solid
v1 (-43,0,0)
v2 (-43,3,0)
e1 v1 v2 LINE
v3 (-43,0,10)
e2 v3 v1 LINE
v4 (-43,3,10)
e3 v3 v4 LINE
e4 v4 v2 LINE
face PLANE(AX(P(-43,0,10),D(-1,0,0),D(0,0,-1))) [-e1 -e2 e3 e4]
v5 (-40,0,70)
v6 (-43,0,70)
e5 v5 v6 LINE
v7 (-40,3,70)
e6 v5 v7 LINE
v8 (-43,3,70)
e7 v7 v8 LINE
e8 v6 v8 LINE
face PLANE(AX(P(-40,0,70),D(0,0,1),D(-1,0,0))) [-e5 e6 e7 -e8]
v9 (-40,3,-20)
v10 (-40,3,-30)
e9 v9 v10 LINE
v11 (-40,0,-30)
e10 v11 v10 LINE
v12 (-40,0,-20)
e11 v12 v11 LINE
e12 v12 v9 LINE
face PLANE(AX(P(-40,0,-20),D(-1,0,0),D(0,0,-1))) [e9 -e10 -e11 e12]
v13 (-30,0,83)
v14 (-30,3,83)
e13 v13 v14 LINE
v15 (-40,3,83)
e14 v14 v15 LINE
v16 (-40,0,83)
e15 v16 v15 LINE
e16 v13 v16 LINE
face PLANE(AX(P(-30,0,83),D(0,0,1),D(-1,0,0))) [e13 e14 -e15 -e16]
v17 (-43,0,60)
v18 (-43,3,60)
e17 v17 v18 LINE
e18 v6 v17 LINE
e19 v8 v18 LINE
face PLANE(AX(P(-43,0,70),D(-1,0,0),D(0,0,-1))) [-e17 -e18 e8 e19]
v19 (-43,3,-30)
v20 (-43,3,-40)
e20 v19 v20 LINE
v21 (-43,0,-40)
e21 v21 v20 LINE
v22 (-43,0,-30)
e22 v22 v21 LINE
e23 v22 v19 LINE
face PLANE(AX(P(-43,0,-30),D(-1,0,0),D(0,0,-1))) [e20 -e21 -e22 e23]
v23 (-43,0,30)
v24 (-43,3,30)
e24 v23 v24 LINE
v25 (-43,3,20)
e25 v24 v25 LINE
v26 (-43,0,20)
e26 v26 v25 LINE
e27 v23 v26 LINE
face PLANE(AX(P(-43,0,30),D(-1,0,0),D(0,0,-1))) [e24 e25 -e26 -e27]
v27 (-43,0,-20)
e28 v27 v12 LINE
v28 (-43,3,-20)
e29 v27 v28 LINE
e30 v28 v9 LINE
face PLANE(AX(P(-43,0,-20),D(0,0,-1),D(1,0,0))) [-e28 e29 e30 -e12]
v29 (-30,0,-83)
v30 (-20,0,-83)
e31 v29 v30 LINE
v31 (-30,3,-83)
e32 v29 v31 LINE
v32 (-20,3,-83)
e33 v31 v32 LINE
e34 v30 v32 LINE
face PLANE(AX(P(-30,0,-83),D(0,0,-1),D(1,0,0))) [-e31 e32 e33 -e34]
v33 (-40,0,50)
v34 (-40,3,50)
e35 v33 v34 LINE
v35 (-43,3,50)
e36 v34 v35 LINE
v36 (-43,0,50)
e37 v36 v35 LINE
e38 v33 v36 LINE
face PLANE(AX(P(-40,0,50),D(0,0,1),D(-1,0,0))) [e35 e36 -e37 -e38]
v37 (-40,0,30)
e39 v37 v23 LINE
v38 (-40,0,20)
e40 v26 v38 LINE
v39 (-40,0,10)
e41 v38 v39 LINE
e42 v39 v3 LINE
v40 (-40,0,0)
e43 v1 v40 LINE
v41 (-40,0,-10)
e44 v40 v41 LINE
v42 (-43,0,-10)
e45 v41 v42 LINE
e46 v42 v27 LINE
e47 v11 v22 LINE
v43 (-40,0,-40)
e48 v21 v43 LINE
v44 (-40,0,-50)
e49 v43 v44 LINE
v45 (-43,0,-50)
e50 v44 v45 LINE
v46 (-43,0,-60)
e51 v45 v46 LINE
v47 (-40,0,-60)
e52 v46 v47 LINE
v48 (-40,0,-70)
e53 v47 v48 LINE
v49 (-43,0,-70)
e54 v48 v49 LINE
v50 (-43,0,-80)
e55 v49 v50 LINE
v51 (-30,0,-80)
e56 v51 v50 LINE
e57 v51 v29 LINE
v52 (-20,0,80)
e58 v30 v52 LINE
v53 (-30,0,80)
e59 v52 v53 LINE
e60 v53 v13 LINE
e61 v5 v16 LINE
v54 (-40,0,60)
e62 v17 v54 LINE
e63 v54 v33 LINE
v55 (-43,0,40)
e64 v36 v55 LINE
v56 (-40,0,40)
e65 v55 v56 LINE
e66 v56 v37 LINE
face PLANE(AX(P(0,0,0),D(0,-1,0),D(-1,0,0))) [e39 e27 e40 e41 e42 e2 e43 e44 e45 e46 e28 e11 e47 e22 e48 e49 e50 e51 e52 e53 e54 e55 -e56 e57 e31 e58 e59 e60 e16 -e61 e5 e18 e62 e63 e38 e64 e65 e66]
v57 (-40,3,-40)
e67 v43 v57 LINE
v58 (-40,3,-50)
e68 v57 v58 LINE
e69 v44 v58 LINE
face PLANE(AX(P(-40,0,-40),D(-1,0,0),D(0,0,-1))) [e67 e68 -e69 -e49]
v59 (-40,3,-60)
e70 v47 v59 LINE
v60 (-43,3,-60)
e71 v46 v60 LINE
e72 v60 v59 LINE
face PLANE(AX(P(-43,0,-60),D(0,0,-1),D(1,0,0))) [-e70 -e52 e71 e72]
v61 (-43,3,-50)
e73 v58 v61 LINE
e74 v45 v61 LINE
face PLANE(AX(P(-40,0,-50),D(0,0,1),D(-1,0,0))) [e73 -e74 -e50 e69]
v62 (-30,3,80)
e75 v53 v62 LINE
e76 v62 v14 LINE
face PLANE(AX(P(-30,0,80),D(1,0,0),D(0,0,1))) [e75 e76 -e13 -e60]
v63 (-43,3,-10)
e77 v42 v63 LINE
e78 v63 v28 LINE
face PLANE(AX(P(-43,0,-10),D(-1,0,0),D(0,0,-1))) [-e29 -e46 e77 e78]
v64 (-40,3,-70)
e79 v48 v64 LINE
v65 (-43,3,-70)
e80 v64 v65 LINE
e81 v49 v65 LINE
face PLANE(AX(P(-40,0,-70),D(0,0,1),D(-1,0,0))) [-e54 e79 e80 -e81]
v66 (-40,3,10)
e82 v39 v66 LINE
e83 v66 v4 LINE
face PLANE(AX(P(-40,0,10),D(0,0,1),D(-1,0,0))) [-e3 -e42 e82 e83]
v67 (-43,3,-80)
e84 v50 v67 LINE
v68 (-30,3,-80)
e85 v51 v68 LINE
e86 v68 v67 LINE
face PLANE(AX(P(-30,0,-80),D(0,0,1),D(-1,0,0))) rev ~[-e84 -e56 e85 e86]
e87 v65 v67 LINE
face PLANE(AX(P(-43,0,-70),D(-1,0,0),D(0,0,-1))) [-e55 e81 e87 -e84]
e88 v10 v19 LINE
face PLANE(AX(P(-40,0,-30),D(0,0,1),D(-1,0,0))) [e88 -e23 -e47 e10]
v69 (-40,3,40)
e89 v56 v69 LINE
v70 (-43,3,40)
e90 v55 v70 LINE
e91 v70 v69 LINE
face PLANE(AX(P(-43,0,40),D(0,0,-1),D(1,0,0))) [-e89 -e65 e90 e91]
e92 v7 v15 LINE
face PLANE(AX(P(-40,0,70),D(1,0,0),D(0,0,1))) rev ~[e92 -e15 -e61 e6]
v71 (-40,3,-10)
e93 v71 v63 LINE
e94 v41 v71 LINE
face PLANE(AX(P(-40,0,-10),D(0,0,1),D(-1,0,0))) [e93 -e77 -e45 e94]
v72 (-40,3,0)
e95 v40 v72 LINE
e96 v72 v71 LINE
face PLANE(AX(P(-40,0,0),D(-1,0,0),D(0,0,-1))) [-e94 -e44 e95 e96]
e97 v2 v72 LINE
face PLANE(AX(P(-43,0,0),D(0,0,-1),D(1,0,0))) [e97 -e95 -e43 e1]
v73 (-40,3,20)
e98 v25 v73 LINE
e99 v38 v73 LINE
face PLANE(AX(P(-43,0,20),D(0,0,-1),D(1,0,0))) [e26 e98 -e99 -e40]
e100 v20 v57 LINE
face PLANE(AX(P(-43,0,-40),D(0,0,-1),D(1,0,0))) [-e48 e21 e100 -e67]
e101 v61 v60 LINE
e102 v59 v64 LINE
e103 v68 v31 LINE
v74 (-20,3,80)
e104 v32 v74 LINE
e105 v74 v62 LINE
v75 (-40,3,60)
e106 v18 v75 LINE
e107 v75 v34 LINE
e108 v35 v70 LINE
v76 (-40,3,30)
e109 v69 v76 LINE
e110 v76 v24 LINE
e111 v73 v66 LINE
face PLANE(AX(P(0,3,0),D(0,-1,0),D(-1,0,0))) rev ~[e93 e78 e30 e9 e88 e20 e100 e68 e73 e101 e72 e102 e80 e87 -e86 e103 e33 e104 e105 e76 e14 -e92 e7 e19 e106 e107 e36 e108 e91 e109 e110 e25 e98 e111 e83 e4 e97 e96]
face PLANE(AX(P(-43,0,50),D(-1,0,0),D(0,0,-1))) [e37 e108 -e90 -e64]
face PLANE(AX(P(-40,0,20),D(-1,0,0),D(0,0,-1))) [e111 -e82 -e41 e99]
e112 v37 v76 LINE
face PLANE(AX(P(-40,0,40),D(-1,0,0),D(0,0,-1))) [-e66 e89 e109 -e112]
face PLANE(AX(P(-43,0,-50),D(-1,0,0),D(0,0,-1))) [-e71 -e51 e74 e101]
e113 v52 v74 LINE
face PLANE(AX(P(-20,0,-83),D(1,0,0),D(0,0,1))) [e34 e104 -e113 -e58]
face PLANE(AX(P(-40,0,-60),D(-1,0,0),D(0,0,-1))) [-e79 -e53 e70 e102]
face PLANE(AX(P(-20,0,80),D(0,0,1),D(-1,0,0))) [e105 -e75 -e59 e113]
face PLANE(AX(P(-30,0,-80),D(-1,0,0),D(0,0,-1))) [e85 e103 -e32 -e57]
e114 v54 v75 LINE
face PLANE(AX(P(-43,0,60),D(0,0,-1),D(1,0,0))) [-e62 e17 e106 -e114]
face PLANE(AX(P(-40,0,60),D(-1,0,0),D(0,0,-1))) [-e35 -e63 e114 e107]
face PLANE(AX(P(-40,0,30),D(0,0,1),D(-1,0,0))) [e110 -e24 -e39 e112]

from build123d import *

# Parameters (mm, degrees)
BOSS_EXTRUDE1_DEPTH = 3
SKETCH2_W           = 79.051219732
SKETCH2_H           = 181.686841404
CUT_EXTRUDE1_DEPTH  = 94.52539762


with BuildPart() as part:
    # Sketch1 → Boss-Extrude1 (new body)
    with BuildSketch(Plane(origin=(0, 0, 0), x_dir=(1, 0, 0), z_dir=(0, 1, 0))):
        Polygon((40, 80), (40, 70), (43, 70), (43, 60), (40, 60), (40, 50), (43, 50), (43, 40), (40, 40), (40, 30), (43, 30), (43, 20), (40, 20), (40, 10), (43, 10), (43, 0), (40, 0), (40, -10), (43, -10), (43, -20), (40, -20), (40, -30), (43, -30), (43, -40), (40, -40), (40, -50), (43, -50), (43, -60), (40, -60), (40, -70), (43, -70), (43, -80), (40, -80), (30, -80), (30, -83), (20, -83), (20, -80), (10, -80), (10, -83), (0, -83), (0, -80), (-10, -80), (-10, -83), (-20, -83), (-20, -80), (-30, -80), (-30, -83), (-40, -83), (-40, -80), (-40, -70), (-43, -70), (-43, -60), (-40, -60), (-40, -50), (-43, -50), (-43, -40), (-40, -40), (-40, -30), (-43, -30), (-43, -20), (-40, -20), (-40, -10), (-43, -10), (-43, 0), (-40, 0), (-40, 10), (-43, 10), (-43, 20), (-40, 20), (-40, 30), (-43, 30), (-43, 40), (-40, 40), (-40, 50), (-43, 50), (-43, 60), (-40, 60), (-40, 70), (-43, 70), (-43, 80), (-40, 80), (-30, 80), (-30, 83), (-20, 83), (-20, 80), (-10, 80), (-10, 83), (0, 83), (0, 80), (10, 80), (10, 83), (20, 83), (20, 80), (30, 80), (30, 83), (40, 83), align=None)
    extrude(amount=BOSS_EXTRUDE1_DEPTH)

    # Sketch2 → Cut-Extrude1 (cut, through all)
    with BuildSketch(Plane(origin=(0, 3, 0), x_dir=(1, 0, 0), z_dir=(0, 1, 0))):
        with Locations((19.525609866, -1.45411583)):
            Rectangle(SKETCH2_W, SKETCH2_H)
    extrude(amount=-CUT_EXTRUDE1_DEPTH, mode=Mode.SUBTRACT)


solid = part.part
